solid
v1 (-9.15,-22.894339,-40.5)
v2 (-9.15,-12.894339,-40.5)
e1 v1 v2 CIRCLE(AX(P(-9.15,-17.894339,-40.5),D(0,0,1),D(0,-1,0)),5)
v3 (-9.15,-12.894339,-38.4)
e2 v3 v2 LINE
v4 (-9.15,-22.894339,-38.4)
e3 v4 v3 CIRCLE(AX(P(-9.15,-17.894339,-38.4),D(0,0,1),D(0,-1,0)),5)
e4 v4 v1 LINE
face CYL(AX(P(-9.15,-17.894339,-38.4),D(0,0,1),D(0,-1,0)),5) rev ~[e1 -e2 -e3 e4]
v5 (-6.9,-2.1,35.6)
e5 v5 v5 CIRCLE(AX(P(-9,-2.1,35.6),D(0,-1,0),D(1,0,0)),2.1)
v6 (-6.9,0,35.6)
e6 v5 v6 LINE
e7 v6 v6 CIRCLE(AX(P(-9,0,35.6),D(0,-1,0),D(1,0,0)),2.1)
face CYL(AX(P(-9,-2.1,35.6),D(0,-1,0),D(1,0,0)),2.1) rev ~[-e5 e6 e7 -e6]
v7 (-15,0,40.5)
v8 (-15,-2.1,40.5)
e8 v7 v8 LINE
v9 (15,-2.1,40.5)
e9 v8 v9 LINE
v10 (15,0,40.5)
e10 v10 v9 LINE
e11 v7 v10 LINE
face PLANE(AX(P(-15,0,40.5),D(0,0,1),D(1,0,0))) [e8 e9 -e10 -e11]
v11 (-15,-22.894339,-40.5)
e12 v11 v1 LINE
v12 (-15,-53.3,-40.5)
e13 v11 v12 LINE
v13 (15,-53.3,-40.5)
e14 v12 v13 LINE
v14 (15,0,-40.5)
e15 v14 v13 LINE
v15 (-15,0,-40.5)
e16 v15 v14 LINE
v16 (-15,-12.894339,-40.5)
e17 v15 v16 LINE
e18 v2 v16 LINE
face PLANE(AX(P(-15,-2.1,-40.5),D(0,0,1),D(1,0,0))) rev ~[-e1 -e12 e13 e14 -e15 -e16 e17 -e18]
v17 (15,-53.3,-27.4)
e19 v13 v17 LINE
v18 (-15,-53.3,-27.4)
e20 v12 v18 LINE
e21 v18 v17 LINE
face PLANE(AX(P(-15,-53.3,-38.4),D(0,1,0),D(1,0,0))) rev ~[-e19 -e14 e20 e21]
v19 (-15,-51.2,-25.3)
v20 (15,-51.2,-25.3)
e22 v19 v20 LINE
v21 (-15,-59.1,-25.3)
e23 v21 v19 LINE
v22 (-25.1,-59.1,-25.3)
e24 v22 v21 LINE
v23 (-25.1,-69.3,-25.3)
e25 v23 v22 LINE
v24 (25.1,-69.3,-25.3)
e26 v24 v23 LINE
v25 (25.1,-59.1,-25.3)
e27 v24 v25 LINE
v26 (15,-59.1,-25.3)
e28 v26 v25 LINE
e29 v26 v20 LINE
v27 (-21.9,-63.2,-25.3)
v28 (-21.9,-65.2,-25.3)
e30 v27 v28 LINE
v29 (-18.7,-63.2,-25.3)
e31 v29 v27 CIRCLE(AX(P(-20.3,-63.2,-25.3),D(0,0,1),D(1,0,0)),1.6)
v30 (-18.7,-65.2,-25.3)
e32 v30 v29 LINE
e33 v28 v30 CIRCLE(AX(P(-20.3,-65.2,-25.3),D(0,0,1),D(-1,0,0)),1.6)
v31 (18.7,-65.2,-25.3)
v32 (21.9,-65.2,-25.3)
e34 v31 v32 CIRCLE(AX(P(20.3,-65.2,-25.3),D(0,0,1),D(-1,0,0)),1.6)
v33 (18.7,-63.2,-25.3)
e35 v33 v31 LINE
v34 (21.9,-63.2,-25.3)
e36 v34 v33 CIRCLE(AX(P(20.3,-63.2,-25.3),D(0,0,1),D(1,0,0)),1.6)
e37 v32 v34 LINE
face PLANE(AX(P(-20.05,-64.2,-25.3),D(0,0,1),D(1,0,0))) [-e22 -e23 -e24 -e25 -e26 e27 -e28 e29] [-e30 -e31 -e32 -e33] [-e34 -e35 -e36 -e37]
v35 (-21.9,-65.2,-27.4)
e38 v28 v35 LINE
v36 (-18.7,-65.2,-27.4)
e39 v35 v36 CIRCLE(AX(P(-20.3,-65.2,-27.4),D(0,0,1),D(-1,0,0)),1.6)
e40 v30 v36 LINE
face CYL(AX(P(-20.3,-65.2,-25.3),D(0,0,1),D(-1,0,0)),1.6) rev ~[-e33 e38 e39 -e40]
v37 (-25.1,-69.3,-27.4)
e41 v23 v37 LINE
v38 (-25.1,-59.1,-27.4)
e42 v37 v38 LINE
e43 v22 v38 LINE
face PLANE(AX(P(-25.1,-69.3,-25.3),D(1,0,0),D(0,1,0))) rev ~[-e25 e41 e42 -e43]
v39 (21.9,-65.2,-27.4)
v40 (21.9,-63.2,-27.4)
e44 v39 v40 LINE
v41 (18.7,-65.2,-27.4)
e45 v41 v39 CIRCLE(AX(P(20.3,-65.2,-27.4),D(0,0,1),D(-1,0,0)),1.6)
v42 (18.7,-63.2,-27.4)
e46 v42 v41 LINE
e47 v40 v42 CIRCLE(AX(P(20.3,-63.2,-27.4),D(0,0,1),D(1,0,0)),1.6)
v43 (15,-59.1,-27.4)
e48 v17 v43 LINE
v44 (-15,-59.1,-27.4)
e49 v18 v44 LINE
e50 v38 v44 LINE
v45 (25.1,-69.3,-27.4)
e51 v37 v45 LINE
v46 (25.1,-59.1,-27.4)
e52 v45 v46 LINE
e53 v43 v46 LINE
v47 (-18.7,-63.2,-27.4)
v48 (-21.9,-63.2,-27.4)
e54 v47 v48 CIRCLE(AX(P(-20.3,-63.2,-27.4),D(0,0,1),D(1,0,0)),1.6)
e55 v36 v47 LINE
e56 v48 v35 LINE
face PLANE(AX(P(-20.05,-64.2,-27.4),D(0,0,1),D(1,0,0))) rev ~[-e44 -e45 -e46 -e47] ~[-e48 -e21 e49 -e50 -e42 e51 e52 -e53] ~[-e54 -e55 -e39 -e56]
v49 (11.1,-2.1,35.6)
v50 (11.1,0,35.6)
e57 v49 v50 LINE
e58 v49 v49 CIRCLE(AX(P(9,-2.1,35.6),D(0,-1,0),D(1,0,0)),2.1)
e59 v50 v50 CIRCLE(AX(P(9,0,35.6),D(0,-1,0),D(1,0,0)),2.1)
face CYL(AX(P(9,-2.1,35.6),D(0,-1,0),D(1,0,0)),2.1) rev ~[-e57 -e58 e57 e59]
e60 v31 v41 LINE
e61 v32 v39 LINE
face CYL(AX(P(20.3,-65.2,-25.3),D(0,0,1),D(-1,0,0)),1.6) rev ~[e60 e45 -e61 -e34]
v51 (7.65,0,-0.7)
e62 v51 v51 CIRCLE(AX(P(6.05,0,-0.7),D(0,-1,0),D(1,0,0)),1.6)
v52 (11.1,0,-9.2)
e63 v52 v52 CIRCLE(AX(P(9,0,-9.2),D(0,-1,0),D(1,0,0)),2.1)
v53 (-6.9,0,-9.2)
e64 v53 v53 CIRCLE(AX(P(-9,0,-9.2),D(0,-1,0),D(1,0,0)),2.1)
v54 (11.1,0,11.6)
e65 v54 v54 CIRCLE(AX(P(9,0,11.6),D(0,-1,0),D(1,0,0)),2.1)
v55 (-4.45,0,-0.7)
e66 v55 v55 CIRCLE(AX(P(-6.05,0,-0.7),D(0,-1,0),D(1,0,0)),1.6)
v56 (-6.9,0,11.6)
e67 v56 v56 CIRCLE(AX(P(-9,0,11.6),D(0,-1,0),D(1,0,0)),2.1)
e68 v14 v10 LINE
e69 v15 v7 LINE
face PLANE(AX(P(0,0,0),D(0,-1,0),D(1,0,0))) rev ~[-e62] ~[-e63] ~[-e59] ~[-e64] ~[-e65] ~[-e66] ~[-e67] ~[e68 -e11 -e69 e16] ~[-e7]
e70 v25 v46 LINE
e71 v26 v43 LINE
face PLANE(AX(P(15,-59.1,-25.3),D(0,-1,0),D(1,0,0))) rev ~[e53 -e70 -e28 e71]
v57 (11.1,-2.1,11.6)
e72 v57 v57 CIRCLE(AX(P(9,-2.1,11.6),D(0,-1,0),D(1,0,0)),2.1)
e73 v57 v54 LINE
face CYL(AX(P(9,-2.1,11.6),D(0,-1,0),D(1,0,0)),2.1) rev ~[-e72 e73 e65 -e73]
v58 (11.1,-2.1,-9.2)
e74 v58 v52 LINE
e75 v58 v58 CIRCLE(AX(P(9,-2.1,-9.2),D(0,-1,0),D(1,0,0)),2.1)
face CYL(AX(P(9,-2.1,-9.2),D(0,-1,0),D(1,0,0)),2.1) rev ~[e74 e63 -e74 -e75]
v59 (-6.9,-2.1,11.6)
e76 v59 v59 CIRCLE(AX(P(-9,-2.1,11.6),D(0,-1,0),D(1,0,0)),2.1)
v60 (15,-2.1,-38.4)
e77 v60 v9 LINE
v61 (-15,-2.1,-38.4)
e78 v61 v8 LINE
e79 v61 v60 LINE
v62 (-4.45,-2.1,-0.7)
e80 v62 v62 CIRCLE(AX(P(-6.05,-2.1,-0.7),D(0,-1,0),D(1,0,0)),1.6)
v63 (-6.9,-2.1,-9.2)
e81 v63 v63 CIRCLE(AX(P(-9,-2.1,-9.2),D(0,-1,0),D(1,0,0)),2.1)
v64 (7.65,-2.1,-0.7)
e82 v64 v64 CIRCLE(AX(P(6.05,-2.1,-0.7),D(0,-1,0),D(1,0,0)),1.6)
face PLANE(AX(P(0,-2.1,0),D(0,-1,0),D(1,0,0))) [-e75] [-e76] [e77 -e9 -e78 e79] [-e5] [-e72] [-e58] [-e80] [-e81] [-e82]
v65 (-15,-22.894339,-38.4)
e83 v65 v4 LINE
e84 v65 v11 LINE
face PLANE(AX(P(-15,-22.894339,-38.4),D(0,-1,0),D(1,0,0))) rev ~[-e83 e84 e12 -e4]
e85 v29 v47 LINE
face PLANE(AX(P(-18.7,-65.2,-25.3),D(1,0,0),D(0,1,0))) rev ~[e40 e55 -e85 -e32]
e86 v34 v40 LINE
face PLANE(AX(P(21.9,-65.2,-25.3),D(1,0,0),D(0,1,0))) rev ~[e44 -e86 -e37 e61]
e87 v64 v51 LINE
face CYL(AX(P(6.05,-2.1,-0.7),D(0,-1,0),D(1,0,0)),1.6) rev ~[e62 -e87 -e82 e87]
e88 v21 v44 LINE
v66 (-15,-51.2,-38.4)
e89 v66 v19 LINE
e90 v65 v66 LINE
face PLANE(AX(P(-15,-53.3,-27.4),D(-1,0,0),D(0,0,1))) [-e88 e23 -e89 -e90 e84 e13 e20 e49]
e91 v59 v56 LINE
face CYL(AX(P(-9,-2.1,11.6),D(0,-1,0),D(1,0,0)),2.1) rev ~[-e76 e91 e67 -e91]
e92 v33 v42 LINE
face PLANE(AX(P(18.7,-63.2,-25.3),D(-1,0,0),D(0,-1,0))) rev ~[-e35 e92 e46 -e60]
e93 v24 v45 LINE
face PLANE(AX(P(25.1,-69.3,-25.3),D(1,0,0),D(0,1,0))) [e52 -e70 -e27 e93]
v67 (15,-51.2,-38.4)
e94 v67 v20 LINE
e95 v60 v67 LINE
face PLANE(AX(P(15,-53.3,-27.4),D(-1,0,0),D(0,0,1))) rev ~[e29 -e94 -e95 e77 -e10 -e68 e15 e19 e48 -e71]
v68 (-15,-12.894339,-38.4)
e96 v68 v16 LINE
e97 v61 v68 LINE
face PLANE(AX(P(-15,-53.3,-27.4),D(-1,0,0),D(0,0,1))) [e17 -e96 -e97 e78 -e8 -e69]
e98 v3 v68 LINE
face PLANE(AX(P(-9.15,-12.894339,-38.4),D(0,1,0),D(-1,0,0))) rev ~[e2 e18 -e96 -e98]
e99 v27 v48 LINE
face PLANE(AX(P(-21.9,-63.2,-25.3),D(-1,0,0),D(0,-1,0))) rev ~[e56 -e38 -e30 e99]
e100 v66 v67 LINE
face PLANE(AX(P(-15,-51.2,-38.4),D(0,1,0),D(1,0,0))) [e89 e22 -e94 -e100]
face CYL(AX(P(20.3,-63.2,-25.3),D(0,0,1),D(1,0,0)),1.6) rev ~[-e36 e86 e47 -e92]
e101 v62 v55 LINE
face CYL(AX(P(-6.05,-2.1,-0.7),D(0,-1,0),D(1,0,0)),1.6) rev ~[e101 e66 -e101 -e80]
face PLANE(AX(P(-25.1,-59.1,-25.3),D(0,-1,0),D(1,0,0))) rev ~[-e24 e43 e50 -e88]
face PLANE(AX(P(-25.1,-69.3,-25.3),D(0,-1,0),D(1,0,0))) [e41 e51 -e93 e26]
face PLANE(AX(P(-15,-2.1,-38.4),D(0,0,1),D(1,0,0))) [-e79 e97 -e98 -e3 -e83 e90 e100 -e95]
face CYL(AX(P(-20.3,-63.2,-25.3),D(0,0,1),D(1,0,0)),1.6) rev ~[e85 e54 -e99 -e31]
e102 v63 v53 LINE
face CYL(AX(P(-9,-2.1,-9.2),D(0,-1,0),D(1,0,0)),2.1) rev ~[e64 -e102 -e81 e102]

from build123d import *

# Parameters (mm, degrees)
F0_W      = 30
F0_H      = 81
F1_DEPTH  = 2.1
F2_W      = 30
F2_H      = 2.1
F3_DEPTH  = 51.2
F4_W      = 30
F4_H      = 2.1
F5_DEPTH  = 13.1
F6_W      = 30
F6_H      = 2.1
F7_DEPTH  = 16
F8_W      = 10.1
F8_H      = 10.2
F9_DEPTH  = 2.1
F11_DEPTH = 15.201
F13_DEPTH = 2.101
F14_R     = 2.1
F14_R_2   = 1.6
F15_DEPTH = 2.101


with BuildPart() as f1:
    # F0 (on Front) → F1 (new body)
    with BuildSketch(Plane.XZ):
        Rectangle(F0_W, F0_H)
    extrude(amount=F1_DEPTH)

    # F2 (on face) → F3 (join)
    with BuildSketch(Plane.XZ.offset(2.1)):
        with Locations((0, -39.45)):
            Rectangle(F2_W, F2_H)
    extrude(amount=F3_DEPTH)

    # F4 (on face) → F5 (join)
    with BuildSketch(Plane.XY.offset(-38.4)):
        with Locations((0, -52.25)):
            Rectangle(F4_W, F4_H)
    extrude(amount=F5_DEPTH)

    # F6 (on face) → F7 (join)
    with BuildSketch(Plane.XZ.offset(53.3)):
        with Locations((0, -26.35)):
            Rectangle(F6_W, F6_H)
    extrude(amount=F7_DEPTH)

    # F8 (on face) → F9 (join)
    with BuildSketch(Plane.XY.offset(-25.3)):
        with Locations((-20.05, -64.2)):
            Rectangle(F8_W, F8_H)
        with Locations((20.05, -64.2)):
            Rectangle(F8_W, F8_H)
    extrude(amount=-F9_DEPTH)

    # F10 (on face) → F11 (cut, through all)
    with BuildSketch(Plane.XY.offset(-25.3)):
        with BuildLine():
            Line((-21.9, -63.2), (-21.9, -65.2))
            ThreePointArc((-21.9, -65.2), (-20.3, -66.8), (-18.7, -65.2))
            Line((-18.7, -65.2), (-18.7, -63.2))
            ThreePointArc((-18.7, -63.2), (-20.3, -61.6), (-21.9, -63.2))
        make_face()
        with BuildLine():
            Line((18.7, -63.2), (18.7, -65.2))
            ThreePointArc((18.7, -65.2), (20.3, -66.8), (21.9, -65.2))
            Line((21.9, -65.2), (21.9, -63.2))
            ThreePointArc((21.9, -63.2), (20.3, -61.6), (18.7, -63.2))
        make_face()
    extrude(amount=-F11_DEPTH, mode=Mode.SUBTRACT)

    # F12 (on face) → F13 (cut, through all)
    with BuildSketch(Plane.XY.offset(-38.4)):
        with BuildLine():
            Line((-15, -22.894339), (-9.15, -22.894339))
            ThreePointArc((-9.15, -22.894339), (-4.15, -17.894339), (-9.15, -12.894339))
            Line((-9.15, -12.894339), (-15, -12.894339))
            Line((-15, -12.894339), (-15, -22.894339))
        make_face()
    extrude(amount=-F13_DEPTH, mode=Mode.SUBTRACT)

    # F14 (on face) → F15 (cut, through all)
    with BuildSketch(Plane.XZ.offset(2.1)):
        with Locations((9, 35.6)):
            Circle(F14_R)
        with Locations((9, 11.6)):
            Circle(F14_R)
        with Locations((-9, 35.6)):
            Circle(F14_R)
        with Locations((-9, 11.6)):
            Circle(F14_R)
        with Locations((9, -9.2)):
            Circle(F14_R)
        with Locations((-9, -9.2)):
            Circle(F14_R)
        with Locations((6.05, -0.7)):
            Circle(F14_R_2)
        with Locations((-6.05, -0.7)):
            Circle(F14_R_2)
    extrude(amount=-F15_DEPTH, mode=Mode.SUBTRACT)


solid = f1.part
